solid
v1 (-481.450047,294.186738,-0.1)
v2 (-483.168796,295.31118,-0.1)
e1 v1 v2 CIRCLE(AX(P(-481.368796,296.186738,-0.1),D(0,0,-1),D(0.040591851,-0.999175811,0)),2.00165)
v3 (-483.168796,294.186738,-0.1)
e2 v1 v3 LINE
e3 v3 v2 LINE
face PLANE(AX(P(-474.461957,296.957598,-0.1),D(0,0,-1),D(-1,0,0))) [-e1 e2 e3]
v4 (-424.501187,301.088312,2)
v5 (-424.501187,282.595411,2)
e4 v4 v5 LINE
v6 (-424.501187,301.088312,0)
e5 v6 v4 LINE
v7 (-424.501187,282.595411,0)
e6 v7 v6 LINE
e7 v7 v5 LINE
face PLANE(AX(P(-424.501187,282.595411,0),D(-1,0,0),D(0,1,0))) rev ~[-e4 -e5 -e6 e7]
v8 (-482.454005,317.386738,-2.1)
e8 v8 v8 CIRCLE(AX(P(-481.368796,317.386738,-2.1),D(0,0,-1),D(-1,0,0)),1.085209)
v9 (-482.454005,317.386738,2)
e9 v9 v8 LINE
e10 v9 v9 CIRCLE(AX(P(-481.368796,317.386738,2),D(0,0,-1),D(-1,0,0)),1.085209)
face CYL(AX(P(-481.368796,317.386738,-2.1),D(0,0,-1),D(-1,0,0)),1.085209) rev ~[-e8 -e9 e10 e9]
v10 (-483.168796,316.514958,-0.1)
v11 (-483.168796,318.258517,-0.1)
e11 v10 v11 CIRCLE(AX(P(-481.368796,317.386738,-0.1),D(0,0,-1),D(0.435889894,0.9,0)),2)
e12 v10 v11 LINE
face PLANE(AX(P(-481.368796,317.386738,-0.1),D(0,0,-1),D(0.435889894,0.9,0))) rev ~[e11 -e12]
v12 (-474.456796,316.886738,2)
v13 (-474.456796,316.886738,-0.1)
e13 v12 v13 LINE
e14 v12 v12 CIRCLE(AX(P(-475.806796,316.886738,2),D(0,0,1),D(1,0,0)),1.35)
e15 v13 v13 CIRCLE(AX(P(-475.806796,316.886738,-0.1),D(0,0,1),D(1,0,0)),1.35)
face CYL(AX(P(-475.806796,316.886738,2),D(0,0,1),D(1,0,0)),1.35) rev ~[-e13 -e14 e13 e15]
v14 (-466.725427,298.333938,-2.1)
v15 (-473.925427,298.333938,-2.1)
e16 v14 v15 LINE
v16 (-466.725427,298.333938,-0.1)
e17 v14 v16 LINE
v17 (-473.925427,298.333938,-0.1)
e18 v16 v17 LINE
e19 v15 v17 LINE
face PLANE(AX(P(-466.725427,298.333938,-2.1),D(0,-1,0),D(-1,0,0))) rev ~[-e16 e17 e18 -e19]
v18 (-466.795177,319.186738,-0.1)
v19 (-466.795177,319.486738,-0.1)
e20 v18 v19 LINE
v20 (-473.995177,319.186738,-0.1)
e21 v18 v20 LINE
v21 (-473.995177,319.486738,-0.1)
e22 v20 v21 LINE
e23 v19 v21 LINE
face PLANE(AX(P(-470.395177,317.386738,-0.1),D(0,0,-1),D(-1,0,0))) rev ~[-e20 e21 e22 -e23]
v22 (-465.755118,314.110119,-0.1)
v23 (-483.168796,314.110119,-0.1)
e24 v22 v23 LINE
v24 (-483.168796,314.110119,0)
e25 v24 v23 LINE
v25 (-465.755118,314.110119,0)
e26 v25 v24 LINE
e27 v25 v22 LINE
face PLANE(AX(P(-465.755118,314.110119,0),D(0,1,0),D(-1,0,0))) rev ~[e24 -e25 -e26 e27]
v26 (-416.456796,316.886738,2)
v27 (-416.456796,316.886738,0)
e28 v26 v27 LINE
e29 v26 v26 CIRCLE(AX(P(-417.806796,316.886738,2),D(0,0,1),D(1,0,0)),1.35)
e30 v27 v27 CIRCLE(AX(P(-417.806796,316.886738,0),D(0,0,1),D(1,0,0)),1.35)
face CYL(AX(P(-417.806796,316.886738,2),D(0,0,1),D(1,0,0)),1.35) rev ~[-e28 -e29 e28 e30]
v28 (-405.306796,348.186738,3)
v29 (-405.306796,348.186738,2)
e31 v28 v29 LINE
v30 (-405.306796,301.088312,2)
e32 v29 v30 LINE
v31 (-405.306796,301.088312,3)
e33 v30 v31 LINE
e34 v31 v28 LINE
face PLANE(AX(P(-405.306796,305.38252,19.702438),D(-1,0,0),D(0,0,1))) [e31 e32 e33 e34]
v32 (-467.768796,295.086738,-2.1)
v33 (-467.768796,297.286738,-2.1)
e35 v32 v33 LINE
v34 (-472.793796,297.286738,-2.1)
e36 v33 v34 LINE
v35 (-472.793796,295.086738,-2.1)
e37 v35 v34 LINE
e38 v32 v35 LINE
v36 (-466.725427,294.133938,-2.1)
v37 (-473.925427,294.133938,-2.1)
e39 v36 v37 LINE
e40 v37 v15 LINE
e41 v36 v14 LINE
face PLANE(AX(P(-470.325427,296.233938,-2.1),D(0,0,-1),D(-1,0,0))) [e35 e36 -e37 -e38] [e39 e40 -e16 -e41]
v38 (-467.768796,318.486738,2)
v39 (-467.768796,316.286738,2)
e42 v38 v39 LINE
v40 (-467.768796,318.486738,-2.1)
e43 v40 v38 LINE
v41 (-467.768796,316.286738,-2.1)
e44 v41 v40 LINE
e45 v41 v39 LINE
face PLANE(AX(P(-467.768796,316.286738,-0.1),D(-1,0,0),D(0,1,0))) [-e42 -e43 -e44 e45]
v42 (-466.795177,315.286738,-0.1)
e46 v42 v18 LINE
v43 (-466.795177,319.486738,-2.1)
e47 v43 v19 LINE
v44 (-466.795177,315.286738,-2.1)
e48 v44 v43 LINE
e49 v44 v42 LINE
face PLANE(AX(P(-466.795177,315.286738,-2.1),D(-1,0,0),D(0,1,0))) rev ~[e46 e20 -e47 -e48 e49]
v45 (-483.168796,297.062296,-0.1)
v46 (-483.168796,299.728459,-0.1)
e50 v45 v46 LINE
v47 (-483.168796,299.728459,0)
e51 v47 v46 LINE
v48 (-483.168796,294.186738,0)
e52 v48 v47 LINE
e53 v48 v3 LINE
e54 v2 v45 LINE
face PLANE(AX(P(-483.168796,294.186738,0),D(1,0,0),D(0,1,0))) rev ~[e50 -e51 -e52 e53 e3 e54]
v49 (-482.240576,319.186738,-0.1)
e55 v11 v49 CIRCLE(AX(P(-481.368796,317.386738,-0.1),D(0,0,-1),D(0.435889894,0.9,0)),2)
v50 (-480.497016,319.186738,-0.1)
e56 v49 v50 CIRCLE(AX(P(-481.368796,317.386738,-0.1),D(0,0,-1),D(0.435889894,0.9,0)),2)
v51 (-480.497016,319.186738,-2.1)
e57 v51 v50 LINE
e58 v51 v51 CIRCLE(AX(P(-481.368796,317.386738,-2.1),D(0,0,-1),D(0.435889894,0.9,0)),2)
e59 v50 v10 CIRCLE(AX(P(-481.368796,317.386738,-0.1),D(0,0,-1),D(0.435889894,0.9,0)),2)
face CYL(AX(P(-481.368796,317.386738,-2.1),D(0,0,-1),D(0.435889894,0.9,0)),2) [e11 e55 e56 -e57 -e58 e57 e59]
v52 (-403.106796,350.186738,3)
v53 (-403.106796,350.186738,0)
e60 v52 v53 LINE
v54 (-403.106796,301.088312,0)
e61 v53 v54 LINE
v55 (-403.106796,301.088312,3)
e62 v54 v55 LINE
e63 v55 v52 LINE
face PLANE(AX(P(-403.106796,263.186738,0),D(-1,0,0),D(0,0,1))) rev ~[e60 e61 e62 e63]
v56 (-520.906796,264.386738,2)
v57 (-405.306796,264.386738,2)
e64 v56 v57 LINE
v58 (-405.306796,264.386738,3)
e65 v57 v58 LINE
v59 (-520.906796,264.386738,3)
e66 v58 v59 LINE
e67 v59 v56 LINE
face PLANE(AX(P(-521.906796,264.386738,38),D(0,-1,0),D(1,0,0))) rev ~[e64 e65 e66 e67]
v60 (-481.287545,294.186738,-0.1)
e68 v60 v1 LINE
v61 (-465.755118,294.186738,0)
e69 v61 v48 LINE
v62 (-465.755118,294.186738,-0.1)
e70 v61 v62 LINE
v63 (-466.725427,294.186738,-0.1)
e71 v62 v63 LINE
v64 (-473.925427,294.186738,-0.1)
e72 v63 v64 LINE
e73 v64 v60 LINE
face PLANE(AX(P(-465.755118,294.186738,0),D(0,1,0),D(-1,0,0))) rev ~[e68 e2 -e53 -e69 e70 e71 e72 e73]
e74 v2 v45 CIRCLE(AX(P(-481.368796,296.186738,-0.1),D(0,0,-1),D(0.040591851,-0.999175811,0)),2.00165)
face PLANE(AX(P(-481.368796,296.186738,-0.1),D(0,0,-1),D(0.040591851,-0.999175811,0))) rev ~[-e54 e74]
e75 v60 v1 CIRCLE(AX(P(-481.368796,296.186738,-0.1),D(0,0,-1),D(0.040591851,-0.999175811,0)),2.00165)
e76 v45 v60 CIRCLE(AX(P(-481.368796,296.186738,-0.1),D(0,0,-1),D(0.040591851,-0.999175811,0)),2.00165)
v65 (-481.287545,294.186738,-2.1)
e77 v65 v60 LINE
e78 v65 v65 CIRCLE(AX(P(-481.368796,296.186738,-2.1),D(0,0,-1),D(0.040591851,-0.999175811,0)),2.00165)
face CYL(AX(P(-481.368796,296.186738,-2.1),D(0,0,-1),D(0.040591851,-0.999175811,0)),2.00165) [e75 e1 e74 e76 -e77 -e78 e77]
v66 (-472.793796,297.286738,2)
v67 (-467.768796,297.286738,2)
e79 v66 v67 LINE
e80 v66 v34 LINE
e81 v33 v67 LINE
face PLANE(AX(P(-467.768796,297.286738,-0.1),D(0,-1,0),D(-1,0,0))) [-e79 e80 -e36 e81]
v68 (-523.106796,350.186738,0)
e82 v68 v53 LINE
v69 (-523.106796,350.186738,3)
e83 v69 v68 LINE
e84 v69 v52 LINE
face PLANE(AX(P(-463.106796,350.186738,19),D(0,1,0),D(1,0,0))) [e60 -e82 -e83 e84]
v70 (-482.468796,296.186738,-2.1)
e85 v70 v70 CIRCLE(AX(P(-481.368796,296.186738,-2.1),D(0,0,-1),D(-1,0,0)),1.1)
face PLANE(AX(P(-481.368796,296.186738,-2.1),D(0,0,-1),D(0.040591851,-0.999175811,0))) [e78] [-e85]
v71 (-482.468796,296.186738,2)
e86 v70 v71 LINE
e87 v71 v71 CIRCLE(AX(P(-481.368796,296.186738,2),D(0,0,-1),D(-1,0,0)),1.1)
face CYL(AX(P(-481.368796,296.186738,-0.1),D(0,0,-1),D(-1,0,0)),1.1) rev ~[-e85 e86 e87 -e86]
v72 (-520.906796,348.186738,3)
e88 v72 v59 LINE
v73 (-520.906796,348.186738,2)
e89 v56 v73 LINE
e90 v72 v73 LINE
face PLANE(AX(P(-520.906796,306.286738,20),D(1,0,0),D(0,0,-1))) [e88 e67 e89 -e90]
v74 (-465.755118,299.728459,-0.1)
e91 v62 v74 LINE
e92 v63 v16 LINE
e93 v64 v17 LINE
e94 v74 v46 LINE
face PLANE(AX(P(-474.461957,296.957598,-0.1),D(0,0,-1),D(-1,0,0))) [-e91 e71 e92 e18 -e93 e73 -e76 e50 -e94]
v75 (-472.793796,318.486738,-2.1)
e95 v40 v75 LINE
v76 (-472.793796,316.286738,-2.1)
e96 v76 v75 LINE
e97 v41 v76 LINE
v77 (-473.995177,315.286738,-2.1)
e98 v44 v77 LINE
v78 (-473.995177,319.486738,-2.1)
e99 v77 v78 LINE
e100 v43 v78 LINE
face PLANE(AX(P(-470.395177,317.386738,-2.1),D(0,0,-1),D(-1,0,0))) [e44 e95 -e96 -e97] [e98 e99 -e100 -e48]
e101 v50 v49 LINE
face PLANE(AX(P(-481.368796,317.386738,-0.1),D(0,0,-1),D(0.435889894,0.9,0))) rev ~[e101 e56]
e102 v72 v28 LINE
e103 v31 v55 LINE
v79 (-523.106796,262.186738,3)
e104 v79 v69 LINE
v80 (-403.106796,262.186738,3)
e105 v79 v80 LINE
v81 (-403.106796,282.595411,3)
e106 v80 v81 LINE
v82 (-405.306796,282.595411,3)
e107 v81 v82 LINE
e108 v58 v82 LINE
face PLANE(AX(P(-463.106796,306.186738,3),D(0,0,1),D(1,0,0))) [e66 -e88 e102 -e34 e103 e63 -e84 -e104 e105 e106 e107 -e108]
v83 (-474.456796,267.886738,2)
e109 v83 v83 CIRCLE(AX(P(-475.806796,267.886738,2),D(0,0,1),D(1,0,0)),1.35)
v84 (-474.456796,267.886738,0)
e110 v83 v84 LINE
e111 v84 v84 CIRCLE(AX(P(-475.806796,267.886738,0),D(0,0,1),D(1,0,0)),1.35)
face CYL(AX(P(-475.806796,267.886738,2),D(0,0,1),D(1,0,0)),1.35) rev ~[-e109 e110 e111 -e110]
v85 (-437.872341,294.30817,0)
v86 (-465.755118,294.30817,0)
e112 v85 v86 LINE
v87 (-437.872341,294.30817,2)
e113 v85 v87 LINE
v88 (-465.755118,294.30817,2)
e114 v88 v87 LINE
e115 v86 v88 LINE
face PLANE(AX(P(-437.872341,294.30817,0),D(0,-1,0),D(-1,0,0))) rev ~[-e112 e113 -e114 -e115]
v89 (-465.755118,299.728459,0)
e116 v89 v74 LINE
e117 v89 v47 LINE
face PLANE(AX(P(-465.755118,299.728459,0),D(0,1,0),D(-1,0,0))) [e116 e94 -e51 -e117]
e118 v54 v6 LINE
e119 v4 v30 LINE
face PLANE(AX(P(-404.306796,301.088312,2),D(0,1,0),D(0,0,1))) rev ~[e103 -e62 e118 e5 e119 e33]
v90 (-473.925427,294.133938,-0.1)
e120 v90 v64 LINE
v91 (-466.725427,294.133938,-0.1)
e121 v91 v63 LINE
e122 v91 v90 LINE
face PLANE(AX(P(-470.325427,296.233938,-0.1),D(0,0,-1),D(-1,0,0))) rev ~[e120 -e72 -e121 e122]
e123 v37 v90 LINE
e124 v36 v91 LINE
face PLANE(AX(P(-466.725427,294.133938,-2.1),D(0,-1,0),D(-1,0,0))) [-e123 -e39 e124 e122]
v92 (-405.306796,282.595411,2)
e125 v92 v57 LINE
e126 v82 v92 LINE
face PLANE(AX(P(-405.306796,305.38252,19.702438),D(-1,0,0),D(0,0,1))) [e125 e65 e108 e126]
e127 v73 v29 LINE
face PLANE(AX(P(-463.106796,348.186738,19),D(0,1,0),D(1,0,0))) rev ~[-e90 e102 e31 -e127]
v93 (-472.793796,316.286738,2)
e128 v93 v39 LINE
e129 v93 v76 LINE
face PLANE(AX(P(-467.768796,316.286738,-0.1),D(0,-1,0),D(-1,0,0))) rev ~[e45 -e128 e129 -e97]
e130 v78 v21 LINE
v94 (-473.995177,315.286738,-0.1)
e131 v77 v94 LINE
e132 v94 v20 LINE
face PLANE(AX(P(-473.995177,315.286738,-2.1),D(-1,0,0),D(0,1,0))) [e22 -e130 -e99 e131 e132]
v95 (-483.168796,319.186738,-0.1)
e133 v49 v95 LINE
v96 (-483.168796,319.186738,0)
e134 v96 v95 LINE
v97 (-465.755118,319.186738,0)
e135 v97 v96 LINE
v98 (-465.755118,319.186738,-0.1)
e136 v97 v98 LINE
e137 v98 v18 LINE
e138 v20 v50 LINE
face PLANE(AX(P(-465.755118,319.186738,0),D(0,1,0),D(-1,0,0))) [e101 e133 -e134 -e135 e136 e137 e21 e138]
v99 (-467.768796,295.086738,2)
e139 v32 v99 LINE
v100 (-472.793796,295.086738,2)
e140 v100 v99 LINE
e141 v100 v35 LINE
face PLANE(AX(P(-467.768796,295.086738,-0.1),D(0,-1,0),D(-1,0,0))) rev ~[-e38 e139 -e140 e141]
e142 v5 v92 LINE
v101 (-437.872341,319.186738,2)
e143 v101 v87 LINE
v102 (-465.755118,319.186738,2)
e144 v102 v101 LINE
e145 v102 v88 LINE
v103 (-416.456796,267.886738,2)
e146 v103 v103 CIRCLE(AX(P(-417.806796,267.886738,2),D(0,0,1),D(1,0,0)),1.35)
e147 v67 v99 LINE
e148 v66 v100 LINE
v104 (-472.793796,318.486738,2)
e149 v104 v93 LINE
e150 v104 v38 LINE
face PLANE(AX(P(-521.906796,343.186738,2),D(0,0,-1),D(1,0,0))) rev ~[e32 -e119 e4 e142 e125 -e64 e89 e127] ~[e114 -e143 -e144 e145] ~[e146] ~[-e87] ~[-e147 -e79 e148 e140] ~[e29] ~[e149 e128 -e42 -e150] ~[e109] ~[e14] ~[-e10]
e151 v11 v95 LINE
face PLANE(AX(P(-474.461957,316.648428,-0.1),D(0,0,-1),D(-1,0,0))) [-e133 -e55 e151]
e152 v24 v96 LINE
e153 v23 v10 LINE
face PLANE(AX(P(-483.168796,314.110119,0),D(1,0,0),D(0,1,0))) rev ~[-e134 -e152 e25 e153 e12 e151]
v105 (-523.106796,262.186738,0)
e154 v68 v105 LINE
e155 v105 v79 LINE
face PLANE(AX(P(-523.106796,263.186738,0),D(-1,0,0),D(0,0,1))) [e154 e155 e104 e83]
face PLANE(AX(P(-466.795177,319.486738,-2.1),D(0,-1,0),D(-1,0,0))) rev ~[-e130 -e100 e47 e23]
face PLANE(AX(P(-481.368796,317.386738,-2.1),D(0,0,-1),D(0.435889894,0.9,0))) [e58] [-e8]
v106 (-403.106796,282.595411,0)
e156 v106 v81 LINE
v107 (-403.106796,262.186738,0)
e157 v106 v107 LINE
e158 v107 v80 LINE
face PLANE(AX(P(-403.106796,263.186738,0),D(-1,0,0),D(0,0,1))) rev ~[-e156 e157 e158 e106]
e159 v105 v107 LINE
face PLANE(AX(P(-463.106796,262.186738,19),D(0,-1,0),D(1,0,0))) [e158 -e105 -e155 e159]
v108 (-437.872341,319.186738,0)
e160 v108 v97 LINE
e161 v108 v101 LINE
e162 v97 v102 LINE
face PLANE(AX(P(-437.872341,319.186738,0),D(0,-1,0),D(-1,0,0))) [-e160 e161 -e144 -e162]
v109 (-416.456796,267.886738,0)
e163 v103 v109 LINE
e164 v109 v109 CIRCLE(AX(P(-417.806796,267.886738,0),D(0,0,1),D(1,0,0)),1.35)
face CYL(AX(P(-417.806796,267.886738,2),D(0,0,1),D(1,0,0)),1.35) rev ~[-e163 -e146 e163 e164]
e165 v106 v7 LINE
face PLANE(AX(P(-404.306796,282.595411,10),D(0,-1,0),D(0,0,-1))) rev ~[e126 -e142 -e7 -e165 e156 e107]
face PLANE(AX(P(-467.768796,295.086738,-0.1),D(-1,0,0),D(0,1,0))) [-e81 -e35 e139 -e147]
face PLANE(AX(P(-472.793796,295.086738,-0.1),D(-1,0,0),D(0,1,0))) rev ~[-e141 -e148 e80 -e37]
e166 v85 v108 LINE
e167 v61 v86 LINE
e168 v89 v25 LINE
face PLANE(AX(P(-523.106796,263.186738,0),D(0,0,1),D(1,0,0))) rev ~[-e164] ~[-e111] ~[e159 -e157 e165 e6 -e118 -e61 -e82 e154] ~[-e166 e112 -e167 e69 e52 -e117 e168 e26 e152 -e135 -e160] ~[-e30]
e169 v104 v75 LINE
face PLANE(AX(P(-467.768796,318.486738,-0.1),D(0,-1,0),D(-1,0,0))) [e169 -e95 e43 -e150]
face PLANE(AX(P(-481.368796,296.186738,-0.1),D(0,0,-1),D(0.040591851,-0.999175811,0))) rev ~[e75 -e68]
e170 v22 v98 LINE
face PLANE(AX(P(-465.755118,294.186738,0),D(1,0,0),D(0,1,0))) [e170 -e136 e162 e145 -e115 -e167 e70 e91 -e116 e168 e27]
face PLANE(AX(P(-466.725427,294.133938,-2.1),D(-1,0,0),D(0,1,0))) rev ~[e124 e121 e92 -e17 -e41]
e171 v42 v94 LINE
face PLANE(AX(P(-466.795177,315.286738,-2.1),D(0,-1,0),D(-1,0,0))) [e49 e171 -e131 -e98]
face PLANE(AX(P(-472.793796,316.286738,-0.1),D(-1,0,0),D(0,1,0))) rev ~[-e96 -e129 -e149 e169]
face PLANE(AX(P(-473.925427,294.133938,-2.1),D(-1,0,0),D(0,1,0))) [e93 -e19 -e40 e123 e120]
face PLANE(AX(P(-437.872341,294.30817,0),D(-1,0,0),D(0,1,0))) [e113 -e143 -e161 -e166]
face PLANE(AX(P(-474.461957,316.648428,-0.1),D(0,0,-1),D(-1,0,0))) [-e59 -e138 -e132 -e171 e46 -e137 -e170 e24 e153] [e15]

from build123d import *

# Parameters (mm, degrees)
SKETCH_1_W          = 120
SKETCH_1_H          = 80
EXTRUDE_1_DEPTH     = 38
SKETCH_3_W          = 117.6
SKETCH_3_H          = 77.6
CUT_EXTRUDE_1_DEPTH = 36
SKETCH_4_W          = 25.152970524
SKETCH_4_H          = 18.492901276
CUT_EXTRUDE_2_DEPTH = 10
SKETCH_7_W          = 17.413678367
SKETCH_7_H          = 5.076618726
SKETCH_7_H_2        = 5.541721388
EXTRUDE_2_DEPTH     = 0.1
SKETCH_9_W          = 27.882777132
SKETCH_9_H          = 24.878568111
CUT_EXTRUDE_4_DEPTH = 12
SKETCH_12_R         = 1.085209003
SKETCH_12_R_2       = 1.1
SKETCH_12_W         = 5.025
SKETCH_12_H         = 2.2
CUT_EXTRUDE_5_DEPTH = 12
SKETCH_13_R         = 1.35
CUT_EXTRUDE_6_DEPTH = 12
SKETCH_14_W         = 117.6
SKETCH_14_H         = 36
CUT_EXTRUDE_7_DEPTH = 10
EXTRUDE_3_DEPTH     = 5
SKETCH_16_W         = 120
SKETCH_16_H         = 38
EXTRUDE_4_DEPTH     = 2
SKETCH_17_W         = 36
SKETCH_17_H         = 83.8
EXTRUDE_5_DEPTH     = 1
EXTRUDE_6_DEPTH     = 1
SKETCH_19_W         = 120
SKETCH_19_H         = 38
EXTRUDE_7_DEPTH     = 1
EXTRUDE_START       = 2
SKETCH_20_R         = 2
SKETCH_20_R_2       = 1.085209003
SKETCH_20_R_3       = 2.001649737
SKETCH_20_R_4       = 1.1
SKETCH_20_W         = 7.2
SKETCH_20_H         = 4.2
SKETCH_20_W_2       = 5.025
SKETCH_20_H_2       = 2.2
EXTRUDE_8_DEPTH     = 2
SKETCH_22_W         = 120
SKETCH_22_H         = 88
CUT_EXTRUDE_8_DEPTH = 35


with BuildPart() as part:
    # 草图1 → 凸台-拉伸1 (new body)
    with BuildSketch(Plane.XY):
        with Locations((-463.106796117, 303.186737633)):
            Rectangle(SKETCH_1_W, SKETCH_1_H)
    extrude(amount=EXTRUDE_1_DEPTH)

    # 草图3 → 切除-拉伸1 (cut)
    with BuildSketch(Plane.XY.offset(38)):
        with Locations((-463.106796117, 303.186737633)):
            Rectangle(SKETCH_3_W, SKETCH_3_H)
    extrude(amount=-CUT_EXTRUDE_1_DEPTH, mode=Mode.SUBTRACT)

    # 草图4 → 切除-拉伸2 (cut)
    with BuildSketch(Plane(origin=(0, 0, 0), x_dir=(-1, 0, 0), z_dir=(0, 0, -1))):
        with Locations((411.924701676, 291.841861287)):
            Rectangle(SKETCH_4_W, SKETCH_4_H)
    extrude(amount=-CUT_EXTRUDE_2_DEPTH, mode=Mode.SUBTRACT)

    # 草图7 → 凸台-拉伸2 (add)
    with BuildSketch(Plane(origin=(0, 0, 0), x_dir=(-1, 0, 0), z_dir=(0, 0, -1))):
        with Locations((474.461956934, 316.64842827)):
            Rectangle(SKETCH_7_W, SKETCH_7_H)
        with Locations((474.461956934, 296.957598327)):
            Rectangle(SKETCH_7_W, SKETCH_7_H_2)
    extrude(amount=EXTRUDE_2_DEPTH)

    # 草图9 → 切除-拉伸4 (cut)
    with BuildSketch(Plane(origin=(0, 0, 0), x_dir=(-1, 0, 0), z_dir=(0, 0, -1))):
        with Locations((451.813729184, 306.747453577)):
            Rectangle(SKETCH_9_W, SKETCH_9_H)
    extrude(amount=-CUT_EXTRUDE_4_DEPTH, mode=Mode.SUBTRACT)

    # 草图12 → 切除-拉伸5 (cut)
    with BuildSketch(Plane(origin=(0, 0, -0.1), x_dir=(-1, 0, 0), z_dir=(0, 0, -1))):
        with Locations((481.368796117, 317.386737633)):
            Circle(SKETCH_12_R)
        with Locations((481.368796117, 296.186737633)):
            Circle(SKETCH_12_R_2)
        with Locations((470.281296117, 317.386737633)):
            Rectangle(SKETCH_12_W, SKETCH_12_H)
        with Locations((470.281296117, 296.186737633)):
            Rectangle(SKETCH_12_W, SKETCH_12_H)
    extrude(amount=-CUT_EXTRUDE_5_DEPTH, mode=Mode.SUBTRACT)

    # 草图13 → 切除-拉伸6 (cut)
    with BuildSketch(Plane.XY.offset(2)):
        with Locations((-475.806796117, 316.886737633)):
            Circle(SKETCH_13_R)
        with Locations((-417.806796117, 316.886737633)):
            Circle(SKETCH_13_R)
        with Locations((-417.806796117, 267.886737633)):
            Circle(SKETCH_13_R)
        with Locations((-475.806796117, 267.886737633)):
            Circle(SKETCH_13_R)
    extrude(amount=-CUT_EXTRUDE_6_DEPTH, mode=Mode.SUBTRACT)

    # 草图14 → 切除-拉伸7 (cut)
    with BuildSketch(Plane.XZ.offset(-341.986737633)):
        with Locations((-463.106796117, 20)):
            Rectangle(SKETCH_14_W, SKETCH_14_H)
    extrude(amount=-CUT_EXTRUDE_7_DEPTH, mode=Mode.SUBTRACT)

    # 草图15 → 凸台-拉伸3 (add)
    with BuildSketch(Plane(origin=(0, 343.186737633, 0), x_dir=(1, 0, 0), z_dir=(0, 1, 0))):
        Polygon((-521.906796117, -2), (-404.306796117, -2), (-404.306796117, -38), (-403.106796117, -38), (-403.106796117, 0), (-523.106796117, 0), (-523.106796117, -38), (-521.906796117, -38), align=None)
    extrude(amount=EXTRUDE_3_DEPTH)

    # 草图16 → 凸台-拉伸4 (add)
    with BuildSketch(Plane(origin=(0, 348.186737633, 0), x_dir=(1, 0, 0), z_dir=(0, 1, 0))):
        with Locations((-463.106796117, -19)):
            Rectangle(SKETCH_16_W, SKETCH_16_H)
    extrude(amount=EXTRUDE_4_DEPTH)

    # 草图17 → 凸台-拉伸5 (add)
    with BuildSketch(Plane(origin=(-521.906796117, 0, 0), x_dir=(0, 0, -1), z_dir=(1, 0, 0))):
        with Locations((-20, 306.286737633)):
            Rectangle(SKETCH_17_W, SKETCH_17_H)
    extrude(amount=EXTRUDE_5_DEPTH)

    # 草图18 → 凸台-拉伸6 (add)
    with BuildSketch(Plane.ZY.offset(404.306796117)):
        Polygon((10, 301.088311925), (10, 282.595410649), (2, 282.595410649), (2, 264.386737633), (38, 264.386737633), (38, 348.186737633), (2, 348.186737633), (2, 301.088311925), align=None)
    extrude(amount=EXTRUDE_6_DEPTH)

    # 草图19 → 凸台-拉伸7 (add)
    with BuildSketch(Plane.XZ.offset(-263.186737633)):
        with Locations((-463.106796117, 19)):
            Rectangle(SKETCH_19_W, SKETCH_19_H)
    extrude(amount=EXTRUDE_7_DEPTH)

    # 草图20 → 凸台-拉伸8 (add)
    # profile 1 of 4: a face of its own
    with BuildSketch(Plane(origin=(0, 0, -0.1), x_dir=(-1, 0, 0), z_dir=(0, 0, -1)).offset(EXTRUDE_START)):
        with Locations(Location((481.368796117, 317.386737633, 0), (0, 0, 115.841932763))):
            Circle(SKETCH_20_R)
        with Locations((481.368796117, 317.386737633)):
            Circle(SKETCH_20_R_2, mode=Mode.SUBTRACT)
    # profile 2 of 4: a face of its own
    with BuildSketch(Plane(origin=(0, 0, -0.1), x_dir=(-1, 0, 0), z_dir=(0, 0, -1)).offset(EXTRUDE_START)):
        with Locations(Location((481.368796117, 296.186737633, 0), (0, 0, 267.673619076))):
            Circle(SKETCH_20_R_3)
        with Locations((481.368796117, 296.186737633)):
            Circle(SKETCH_20_R_4, mode=Mode.SUBTRACT)
    # profile 3 of 4: a face of its own
    with BuildSketch(Plane(origin=(0, 0, -0.1), x_dir=(-1, 0, 0), z_dir=(0, 0, -1)).offset(EXTRUDE_START)):
        with Locations((470.395177276, 317.386737633)):
            Rectangle(SKETCH_20_W, SKETCH_20_H)
        with Locations((470.281296117, 317.386737633)):
            Rectangle(SKETCH_20_W_2, SKETCH_20_H_2, mode=Mode.SUBTRACT)
    # profile 4 of 4: a face of its own
    with BuildSketch(Plane(origin=(0, 0, -0.1), x_dir=(-1, 0, 0), z_dir=(0, 0, -1)).offset(EXTRUDE_START)):
        with Locations((470.325427447, 296.233937818)):
            Rectangle(SKETCH_20_W, SKETCH_20_H)
        with Locations((470.281296117, 296.186737633)):
            Rectangle(SKETCH_20_W_2, SKETCH_20_H_2, mode=Mode.SUBTRACT)
    extrude(amount=-EXTRUDE_8_DEPTH)

    # 草图22 → 切除-拉伸8 (cut)
    with BuildSketch(Plane.XY.offset(38)):
        with Locations((-463.106796117, 306.186737633)):
            Rectangle(SKETCH_22_W, SKETCH_22_H)
    extrude(amount=-CUT_EXTRUDE_8_DEPTH, mode=Mode.SUBTRACT)


solid = part.part
